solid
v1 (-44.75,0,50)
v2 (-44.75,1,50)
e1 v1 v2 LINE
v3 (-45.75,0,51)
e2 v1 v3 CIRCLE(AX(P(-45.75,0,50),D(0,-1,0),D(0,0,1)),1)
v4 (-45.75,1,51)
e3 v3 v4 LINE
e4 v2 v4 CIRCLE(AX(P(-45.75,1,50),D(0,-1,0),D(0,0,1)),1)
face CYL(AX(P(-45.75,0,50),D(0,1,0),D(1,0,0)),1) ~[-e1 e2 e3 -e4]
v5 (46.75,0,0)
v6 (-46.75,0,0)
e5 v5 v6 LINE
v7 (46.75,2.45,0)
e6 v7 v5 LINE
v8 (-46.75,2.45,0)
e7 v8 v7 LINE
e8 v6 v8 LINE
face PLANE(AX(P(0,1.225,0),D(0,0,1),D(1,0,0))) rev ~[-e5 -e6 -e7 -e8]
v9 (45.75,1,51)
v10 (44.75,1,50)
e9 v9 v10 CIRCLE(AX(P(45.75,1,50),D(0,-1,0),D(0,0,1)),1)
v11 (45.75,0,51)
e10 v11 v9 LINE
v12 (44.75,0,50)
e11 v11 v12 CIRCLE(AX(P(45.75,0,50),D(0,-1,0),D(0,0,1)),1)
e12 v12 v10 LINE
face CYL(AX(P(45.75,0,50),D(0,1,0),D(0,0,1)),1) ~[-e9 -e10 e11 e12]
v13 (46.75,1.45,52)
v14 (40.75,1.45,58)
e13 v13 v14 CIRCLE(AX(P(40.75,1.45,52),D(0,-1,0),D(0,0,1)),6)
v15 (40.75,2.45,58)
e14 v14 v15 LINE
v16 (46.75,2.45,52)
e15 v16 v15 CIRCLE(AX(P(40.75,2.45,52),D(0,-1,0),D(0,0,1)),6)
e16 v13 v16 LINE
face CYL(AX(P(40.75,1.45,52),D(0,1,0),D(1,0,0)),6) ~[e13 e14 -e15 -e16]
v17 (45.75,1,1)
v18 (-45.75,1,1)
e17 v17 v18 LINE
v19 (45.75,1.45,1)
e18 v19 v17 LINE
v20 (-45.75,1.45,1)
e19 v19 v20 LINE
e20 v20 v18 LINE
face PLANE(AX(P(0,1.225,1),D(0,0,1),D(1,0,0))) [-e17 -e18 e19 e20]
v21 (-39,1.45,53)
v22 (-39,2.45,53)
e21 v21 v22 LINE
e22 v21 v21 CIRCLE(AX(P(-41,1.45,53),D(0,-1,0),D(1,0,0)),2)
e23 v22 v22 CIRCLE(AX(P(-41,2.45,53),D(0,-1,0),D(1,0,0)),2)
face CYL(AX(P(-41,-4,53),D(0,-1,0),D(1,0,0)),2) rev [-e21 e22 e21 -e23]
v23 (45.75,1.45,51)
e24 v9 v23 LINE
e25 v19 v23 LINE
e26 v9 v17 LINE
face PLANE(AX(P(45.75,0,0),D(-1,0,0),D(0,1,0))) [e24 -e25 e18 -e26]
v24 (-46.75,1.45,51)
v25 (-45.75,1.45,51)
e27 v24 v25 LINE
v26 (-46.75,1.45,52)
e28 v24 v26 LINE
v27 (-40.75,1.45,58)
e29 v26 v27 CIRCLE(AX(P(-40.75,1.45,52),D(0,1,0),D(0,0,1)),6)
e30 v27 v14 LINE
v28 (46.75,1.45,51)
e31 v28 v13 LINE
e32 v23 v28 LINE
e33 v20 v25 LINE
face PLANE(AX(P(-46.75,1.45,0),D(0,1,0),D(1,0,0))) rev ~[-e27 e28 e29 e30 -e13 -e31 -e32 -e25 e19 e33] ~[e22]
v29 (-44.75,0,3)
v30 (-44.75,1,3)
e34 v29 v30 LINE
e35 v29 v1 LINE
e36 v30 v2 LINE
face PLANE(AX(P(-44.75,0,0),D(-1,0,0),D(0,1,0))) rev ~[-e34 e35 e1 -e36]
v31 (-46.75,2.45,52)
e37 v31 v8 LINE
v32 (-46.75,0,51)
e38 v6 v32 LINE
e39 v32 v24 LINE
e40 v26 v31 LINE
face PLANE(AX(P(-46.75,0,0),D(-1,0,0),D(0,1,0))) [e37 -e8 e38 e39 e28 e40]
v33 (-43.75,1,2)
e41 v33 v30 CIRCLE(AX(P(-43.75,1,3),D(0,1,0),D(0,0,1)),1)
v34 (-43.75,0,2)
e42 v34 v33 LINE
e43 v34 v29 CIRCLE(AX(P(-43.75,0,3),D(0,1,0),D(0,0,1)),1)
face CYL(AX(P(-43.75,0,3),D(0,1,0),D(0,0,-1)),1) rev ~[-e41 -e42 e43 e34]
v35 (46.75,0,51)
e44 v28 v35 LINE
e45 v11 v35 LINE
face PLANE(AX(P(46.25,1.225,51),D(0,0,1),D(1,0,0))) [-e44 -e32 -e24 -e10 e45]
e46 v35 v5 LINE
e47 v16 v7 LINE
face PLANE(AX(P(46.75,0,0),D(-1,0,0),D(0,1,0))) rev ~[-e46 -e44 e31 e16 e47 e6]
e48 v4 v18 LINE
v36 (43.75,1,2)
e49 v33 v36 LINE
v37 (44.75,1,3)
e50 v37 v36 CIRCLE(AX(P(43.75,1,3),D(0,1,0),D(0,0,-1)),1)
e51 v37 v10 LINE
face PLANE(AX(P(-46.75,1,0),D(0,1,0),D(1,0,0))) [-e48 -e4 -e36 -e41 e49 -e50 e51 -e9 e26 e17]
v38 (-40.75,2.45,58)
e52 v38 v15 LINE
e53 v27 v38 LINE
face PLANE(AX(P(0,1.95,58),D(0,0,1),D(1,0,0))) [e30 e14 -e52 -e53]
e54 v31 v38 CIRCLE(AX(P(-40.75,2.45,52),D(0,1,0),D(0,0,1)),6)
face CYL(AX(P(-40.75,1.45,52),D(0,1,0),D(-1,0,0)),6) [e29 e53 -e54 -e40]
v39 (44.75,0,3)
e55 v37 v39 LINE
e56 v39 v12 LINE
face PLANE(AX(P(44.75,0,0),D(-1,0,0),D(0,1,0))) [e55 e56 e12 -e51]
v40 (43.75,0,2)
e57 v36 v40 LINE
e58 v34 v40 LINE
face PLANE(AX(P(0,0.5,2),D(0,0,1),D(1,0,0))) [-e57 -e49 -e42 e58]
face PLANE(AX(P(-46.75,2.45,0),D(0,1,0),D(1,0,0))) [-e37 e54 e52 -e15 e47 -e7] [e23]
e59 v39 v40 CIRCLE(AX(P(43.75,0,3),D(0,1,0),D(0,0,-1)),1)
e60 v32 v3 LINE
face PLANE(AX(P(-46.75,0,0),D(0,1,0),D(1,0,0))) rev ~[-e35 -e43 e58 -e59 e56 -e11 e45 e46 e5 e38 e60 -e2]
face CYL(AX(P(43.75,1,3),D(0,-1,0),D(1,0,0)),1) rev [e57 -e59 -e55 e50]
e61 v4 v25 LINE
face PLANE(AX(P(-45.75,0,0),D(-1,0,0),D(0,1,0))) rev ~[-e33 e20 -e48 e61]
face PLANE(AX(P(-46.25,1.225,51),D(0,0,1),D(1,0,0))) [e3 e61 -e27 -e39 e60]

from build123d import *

# Parameters (mm, degrees)
CYLINDER_R     = 2
CYLINDER_DEPTH = 10
BOX001_W       = 93.5
BOX001_H       = 1
BOX001_DEPTH   = 58
FILLET001_R    = 6
BOX003_W       = 1
BOX003_H       = 2.45
BOX003_DEPTH   = 51
BOX004_W       = 1
BOX004_H       = 2.45
BOX004_DEPTH   = 51
BOX006_W       = 93.5
BOX006_H       = 1
BOX006_DEPTH   = 2
BOX005_W       = 2
BOX005_H       = 1
BOX005_DEPTH   = 51
BOX002_W       = 2
BOX002_H       = 1
BOX002_DEPTH   = 51
FILLET_R       = 1
BOX_W          = 93.5
BOX_H          = 2.45
BOX_DEPTH      = 1


with BuildPart() as cylinder:
    # Cylinder → Cylinder (new body)
    with BuildSketch(Plane(origin=(-41, -4, 53), x_dir=(1, 0, 0), z_dir=(0, 1, 0))):
        Circle(CYLINDER_R)
    extrude(amount=CYLINDER_DEPTH)


with BuildPart() as cut:
    # Box001 → Box001 (new body)
    with BuildSketch(Plane(origin=(-46.75, 1.45, 0), x_dir=(1, 0, 0), z_dir=(0, 0, 1))):
        with Locations((46.75, 0.5)):
            Rectangle(BOX001_W, BOX001_H)
    extrude(amount=BOX001_DEPTH)

    # Fillet001
    fillet001_edges = [cut.edges().sort_by_distance(p)[0] for p in [
        (-46.75, 1.95, 58),
        (46.75, 1.95, 58),
    ]]
    fillet(fillet001_edges, radius=FILLET001_R)

    # Cut: cut Cylinder
    add(cylinder.part, mode=Mode.SUBTRACT)


with BuildPart() as cube003:
    # Box003 → Box003 (new body)
    with BuildSketch(Plane(origin=(-46.75, 0, 0), x_dir=(1, 0, 0), z_dir=(0, 0, 1))):
        with Locations((0.5, 1.225)):
            Rectangle(BOX003_W, BOX003_H)
    extrude(amount=BOX003_DEPTH)


with BuildPart() as cube004:
    # Box004 → Box004 (new body)
    with BuildSketch(Plane(origin=(45.75, 0, 0), x_dir=(1, 0, 0), z_dir=(0, 0, 1))):
        with Locations((0.5, 1.225)):
            Rectangle(BOX004_W, BOX004_H)
    extrude(amount=BOX004_DEPTH)


with BuildPart() as cube006:
    # Box006 → Box006 (new body)
    with BuildSketch(Plane(origin=(-46.75, 0, 0), x_dir=(1, 0, 0), z_dir=(0, 0, 1))):
        with Locations((46.75, 0.5)):
            Rectangle(BOX006_W, BOX006_H)
    extrude(amount=BOX006_DEPTH)


with BuildPart() as cube005:
    # Box005 → Box005 (new body)
    with BuildSketch(Plane(origin=(44.75, 0, 0), x_dir=(1, 0, 0), z_dir=(0, 0, 1))):
        with Locations((1, 0.5)):
            Rectangle(BOX005_W, BOX005_H)
    extrude(amount=BOX005_DEPTH)


with BuildPart() as fillet_body:
    # Box002 → Box002 (new body)
    with BuildSketch(Plane(origin=(-46.75, 0, 0), x_dir=(1, 0, 0), z_dir=(0, 0, 1))):
        with Locations((1, 0.5)):
            Rectangle(BOX002_W, BOX002_H)
    extrude(amount=BOX002_DEPTH)

    # Fusion: union Cube006, Cube005
    add(cube006.part)
    add(cube005.part)

    # Fillet
    fillet_edges = [fillet_body.edges().sort_by_distance(p)[0] for p in [
        (-44.75, 0.5, 51),
        (44.75, 0.5, 2),
        (-44.75, 0.5, 2),
        (44.75, 0.5, 51),
    ]]
    fillet(fillet_edges, radius=FILLET_R)


with BuildPart() as fusion001:
    # Box → Box (new body)
    with BuildSketch(Plane(origin=(-46.75, 0, 0), x_dir=(1, 0, 0), z_dir=(0, 0, 1))):
        with Locations((46.75, 1.225)):
            Rectangle(BOX_W, BOX_H)
    extrude(amount=BOX_DEPTH)

    # Fusion001: union Cut, Cube003, Cube004, Fillet body
    add(cut.part)
    add(cube003.part)
    add(cube004.part)
    add(fillet_body.part)


solid = fusion001.part
